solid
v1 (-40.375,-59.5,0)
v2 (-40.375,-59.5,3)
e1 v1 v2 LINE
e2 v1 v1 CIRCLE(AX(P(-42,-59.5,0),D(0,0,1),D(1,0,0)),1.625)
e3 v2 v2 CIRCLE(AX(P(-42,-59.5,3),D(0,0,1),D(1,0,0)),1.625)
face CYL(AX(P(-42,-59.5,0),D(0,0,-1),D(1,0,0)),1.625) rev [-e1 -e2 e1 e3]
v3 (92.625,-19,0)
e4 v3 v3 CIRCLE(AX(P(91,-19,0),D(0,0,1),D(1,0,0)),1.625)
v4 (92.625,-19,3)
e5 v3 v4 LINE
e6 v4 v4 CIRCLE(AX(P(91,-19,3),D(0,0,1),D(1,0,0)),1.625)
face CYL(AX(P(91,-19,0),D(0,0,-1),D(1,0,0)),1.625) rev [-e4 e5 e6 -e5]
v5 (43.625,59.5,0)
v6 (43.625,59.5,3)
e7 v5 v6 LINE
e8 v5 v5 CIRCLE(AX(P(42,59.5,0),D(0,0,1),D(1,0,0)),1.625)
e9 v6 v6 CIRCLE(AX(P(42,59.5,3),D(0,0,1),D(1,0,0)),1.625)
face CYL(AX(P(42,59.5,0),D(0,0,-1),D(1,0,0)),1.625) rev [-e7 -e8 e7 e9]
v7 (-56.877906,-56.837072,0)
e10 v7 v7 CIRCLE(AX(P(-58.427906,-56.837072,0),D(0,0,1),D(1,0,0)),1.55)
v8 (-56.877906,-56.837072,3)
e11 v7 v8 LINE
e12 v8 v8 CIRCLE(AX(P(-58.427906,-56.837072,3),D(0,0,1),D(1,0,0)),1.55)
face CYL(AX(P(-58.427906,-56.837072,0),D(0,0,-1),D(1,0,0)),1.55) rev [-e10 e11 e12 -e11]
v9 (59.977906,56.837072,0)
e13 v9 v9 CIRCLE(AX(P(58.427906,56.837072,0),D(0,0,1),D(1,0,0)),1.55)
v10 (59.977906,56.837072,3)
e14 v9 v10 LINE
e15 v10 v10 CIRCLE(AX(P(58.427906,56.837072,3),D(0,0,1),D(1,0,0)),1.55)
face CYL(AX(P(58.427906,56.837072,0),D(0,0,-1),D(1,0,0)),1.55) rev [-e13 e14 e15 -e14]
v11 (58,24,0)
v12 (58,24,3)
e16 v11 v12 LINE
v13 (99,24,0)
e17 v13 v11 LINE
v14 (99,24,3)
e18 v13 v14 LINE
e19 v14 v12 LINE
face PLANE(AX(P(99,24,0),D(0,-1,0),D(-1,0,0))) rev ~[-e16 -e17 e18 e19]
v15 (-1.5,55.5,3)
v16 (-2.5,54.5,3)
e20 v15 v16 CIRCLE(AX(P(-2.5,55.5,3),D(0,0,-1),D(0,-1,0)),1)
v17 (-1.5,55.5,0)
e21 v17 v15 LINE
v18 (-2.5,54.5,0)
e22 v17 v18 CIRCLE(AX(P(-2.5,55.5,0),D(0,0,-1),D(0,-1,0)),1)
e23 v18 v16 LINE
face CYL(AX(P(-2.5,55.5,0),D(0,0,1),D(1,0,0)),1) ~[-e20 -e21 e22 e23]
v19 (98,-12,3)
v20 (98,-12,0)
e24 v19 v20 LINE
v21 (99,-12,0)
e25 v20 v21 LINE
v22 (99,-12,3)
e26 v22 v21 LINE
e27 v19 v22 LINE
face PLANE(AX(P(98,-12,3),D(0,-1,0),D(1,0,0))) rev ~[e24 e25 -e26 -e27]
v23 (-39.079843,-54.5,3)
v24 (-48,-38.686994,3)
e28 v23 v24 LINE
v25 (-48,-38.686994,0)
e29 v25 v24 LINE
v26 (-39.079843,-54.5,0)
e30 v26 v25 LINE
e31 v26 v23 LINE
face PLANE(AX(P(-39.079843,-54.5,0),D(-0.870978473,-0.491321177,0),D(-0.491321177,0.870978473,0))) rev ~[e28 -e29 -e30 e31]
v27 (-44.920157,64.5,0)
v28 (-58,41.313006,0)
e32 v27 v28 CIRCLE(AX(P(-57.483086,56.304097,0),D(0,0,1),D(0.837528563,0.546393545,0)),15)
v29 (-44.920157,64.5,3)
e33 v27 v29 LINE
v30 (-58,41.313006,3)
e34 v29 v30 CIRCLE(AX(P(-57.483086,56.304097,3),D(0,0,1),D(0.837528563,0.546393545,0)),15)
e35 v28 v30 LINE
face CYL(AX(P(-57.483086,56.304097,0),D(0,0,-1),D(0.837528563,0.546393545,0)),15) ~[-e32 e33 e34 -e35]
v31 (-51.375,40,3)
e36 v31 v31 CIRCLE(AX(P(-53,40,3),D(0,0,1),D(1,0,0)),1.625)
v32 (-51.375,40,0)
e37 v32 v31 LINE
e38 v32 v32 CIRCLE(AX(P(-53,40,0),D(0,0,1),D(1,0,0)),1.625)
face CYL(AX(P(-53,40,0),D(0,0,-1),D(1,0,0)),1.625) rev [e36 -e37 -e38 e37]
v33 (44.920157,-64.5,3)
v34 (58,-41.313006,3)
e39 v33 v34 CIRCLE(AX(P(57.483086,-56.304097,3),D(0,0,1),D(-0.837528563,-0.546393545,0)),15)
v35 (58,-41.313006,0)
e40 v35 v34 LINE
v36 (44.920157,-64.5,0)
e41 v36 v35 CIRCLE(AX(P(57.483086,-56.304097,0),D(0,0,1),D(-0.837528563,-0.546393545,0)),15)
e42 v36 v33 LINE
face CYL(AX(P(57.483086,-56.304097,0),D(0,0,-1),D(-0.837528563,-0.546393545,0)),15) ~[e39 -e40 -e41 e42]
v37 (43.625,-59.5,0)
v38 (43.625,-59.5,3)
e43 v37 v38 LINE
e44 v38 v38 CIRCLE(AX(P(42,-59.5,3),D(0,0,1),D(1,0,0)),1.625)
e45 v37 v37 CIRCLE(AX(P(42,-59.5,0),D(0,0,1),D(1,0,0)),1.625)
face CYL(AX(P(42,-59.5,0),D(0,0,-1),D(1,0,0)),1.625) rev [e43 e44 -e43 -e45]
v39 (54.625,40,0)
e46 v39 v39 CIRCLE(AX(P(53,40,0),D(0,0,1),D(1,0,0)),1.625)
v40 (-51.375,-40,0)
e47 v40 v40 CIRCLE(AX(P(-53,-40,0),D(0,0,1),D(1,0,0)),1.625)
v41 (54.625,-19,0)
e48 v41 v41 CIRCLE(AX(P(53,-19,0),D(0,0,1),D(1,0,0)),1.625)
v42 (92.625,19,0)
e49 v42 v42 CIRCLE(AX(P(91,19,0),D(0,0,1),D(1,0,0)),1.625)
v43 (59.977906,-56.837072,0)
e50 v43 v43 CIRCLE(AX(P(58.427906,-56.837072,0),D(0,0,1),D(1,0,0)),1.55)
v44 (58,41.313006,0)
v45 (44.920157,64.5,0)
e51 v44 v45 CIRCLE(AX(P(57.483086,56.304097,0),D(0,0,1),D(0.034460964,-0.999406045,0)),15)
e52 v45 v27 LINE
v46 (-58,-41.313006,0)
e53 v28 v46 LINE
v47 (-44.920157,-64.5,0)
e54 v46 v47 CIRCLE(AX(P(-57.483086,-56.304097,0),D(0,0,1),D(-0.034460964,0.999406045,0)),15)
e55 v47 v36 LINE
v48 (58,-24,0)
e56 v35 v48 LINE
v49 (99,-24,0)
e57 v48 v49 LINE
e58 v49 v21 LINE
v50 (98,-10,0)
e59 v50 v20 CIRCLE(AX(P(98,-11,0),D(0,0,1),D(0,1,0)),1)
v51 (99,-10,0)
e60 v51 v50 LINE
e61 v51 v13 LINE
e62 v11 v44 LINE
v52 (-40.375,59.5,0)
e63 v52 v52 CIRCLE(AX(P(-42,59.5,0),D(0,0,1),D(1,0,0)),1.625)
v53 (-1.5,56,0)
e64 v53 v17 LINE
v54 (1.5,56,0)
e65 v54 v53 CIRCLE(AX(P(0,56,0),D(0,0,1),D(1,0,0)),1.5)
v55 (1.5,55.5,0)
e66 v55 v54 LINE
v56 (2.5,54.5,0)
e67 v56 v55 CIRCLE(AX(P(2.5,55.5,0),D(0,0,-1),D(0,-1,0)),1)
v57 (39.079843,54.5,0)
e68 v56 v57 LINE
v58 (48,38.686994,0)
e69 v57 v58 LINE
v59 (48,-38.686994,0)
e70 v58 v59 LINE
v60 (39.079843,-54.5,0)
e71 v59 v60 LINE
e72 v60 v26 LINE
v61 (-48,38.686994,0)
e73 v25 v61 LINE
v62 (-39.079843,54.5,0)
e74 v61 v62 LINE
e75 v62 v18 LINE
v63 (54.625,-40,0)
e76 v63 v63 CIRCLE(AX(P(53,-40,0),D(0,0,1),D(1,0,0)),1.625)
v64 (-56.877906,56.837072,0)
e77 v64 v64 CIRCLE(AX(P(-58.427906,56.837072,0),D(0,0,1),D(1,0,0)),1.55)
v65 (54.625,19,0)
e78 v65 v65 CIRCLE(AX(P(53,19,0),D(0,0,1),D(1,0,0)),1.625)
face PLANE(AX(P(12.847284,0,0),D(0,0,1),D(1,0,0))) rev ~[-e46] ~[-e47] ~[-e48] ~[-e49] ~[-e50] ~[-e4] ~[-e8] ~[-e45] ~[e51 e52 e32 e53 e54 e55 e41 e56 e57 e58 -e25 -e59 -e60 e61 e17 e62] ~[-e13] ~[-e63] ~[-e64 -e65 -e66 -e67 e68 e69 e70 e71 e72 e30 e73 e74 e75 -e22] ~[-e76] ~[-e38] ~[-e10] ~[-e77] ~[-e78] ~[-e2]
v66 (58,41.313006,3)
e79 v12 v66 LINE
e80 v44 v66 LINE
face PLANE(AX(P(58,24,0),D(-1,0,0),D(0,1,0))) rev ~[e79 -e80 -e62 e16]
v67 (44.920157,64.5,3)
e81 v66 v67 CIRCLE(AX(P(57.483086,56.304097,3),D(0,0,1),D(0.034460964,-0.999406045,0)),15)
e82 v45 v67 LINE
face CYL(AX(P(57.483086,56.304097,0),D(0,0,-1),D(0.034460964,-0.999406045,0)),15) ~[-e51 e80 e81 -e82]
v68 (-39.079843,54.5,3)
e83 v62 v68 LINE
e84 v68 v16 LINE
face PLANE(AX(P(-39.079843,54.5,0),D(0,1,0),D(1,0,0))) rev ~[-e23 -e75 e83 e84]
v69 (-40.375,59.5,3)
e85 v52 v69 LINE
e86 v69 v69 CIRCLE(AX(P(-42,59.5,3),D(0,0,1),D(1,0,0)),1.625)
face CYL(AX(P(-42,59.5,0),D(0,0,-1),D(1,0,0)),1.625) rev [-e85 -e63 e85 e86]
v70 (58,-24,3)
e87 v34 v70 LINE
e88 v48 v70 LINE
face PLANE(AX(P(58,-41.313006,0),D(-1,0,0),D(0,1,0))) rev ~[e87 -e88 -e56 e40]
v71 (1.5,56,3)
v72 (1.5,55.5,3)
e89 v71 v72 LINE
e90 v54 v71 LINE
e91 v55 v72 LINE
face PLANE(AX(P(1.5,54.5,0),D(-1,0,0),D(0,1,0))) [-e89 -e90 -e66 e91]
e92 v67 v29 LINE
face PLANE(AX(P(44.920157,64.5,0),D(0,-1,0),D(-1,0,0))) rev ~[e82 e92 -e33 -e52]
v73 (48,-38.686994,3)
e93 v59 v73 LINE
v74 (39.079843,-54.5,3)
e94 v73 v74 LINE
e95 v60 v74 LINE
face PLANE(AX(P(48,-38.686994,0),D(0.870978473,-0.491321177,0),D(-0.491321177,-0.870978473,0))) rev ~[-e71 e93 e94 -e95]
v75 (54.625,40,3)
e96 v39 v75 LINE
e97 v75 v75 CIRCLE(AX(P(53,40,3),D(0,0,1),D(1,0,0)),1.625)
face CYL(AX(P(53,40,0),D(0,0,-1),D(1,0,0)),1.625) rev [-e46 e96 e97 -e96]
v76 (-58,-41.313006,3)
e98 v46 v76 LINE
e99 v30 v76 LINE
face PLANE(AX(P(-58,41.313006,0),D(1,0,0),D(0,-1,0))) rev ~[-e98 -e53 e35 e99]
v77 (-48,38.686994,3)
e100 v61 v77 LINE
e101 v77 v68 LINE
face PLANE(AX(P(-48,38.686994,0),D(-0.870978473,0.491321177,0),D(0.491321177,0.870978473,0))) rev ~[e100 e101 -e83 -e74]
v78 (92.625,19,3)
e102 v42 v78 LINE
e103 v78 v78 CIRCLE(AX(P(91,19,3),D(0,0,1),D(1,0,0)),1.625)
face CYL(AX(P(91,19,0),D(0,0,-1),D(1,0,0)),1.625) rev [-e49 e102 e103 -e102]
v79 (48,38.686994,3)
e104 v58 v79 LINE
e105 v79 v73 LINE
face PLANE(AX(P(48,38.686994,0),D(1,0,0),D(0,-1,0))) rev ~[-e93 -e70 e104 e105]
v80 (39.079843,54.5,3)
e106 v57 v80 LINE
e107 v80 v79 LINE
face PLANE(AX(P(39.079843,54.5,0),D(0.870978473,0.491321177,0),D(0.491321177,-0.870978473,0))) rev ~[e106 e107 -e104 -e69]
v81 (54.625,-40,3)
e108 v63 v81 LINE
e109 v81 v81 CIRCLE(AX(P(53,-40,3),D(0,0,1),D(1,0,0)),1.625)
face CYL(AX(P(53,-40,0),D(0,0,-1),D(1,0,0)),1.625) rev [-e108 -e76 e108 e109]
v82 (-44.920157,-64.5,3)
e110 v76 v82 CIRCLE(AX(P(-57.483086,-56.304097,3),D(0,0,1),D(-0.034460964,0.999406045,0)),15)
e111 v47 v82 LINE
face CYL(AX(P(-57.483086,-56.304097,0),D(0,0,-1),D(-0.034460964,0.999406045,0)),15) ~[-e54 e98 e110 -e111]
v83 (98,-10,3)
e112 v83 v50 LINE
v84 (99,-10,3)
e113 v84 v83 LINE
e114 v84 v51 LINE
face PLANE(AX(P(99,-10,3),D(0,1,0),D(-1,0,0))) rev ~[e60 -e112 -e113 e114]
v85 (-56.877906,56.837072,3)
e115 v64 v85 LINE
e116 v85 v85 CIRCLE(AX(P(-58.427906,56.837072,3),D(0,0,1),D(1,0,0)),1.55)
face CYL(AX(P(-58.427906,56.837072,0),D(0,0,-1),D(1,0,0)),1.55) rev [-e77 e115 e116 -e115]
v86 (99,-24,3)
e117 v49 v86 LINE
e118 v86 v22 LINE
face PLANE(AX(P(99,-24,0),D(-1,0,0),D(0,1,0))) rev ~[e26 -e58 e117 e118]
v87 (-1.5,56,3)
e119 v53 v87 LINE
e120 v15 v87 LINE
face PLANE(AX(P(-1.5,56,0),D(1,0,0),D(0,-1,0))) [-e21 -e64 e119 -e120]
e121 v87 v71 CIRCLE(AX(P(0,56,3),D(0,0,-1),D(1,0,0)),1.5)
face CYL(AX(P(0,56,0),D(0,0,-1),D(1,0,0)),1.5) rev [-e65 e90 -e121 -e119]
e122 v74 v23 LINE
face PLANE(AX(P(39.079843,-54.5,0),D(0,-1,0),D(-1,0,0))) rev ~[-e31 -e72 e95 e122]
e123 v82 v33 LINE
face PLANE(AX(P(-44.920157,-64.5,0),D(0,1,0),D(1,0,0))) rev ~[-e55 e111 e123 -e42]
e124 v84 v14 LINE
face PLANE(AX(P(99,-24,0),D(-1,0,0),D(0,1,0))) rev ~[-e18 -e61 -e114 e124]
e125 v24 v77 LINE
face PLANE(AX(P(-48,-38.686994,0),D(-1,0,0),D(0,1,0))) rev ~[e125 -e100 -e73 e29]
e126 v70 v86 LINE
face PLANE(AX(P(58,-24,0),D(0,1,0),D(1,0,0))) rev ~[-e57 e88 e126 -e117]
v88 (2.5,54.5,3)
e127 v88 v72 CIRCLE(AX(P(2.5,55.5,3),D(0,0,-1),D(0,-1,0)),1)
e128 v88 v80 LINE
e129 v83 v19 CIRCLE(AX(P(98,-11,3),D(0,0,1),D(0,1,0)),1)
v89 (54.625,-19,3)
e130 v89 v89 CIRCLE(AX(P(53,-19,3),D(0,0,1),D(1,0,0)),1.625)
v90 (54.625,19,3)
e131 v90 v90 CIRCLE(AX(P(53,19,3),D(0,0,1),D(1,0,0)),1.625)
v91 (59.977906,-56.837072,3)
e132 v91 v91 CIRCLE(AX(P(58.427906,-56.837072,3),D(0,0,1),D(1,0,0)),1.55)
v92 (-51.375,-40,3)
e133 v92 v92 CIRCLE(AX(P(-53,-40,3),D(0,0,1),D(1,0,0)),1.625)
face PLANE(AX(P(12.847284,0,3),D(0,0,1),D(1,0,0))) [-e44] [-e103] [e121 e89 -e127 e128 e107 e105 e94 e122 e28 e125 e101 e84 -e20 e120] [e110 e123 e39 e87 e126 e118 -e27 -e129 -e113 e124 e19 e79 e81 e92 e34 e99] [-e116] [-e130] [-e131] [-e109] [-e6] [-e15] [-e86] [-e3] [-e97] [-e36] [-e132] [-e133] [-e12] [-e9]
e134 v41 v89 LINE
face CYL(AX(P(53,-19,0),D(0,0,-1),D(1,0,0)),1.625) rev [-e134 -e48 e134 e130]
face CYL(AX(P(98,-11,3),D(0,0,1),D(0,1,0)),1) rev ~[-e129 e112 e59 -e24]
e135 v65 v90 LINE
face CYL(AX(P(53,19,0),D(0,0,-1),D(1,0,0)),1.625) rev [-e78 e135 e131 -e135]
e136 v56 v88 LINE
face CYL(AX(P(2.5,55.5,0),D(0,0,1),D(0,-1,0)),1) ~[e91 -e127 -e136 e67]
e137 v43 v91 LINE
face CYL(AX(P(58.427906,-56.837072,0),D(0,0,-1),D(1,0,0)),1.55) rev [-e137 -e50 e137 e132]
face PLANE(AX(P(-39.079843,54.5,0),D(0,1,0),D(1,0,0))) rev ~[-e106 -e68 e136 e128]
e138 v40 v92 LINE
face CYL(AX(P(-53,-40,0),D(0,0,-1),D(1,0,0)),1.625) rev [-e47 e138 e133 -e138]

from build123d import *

# Parameters (mm, degrees)
F0_R     = 1.55
F0_R_2   = 1.625
F1_DEPTH = 3
F2_W     = 28.2
F2_H     = 28.2
F3_DEPTH = 3
F5_DEPTH = 25
F7_DEPTH = 25
F8_R     = 1


with BuildPart() as f1:
    # F0 (on Top) → F1 (new body)
    with BuildSketch(Plane.XY):
        with BuildLine():
            Line((58, 24), (58, 41.313006))
            ThreePointArc((58, 41.313006), (70.547763, 63.673914), (44.920157, 64.5))
            Line((44.920157, 64.5), (0, 64.5))
            Line((0, 64.5), (-44.920157, 64.5))
            ThreePointArc((-44.920157, 64.5), (-70.547763, 63.673914), (-58, 41.313006))
            Line((-58, 41.313006), (-58, 0))
            Line((-58, 0), (-58, -41.313006))
            ThreePointArc((-58, -41.313006), (-70.547763, -63.673914), (-44.920157, -64.5))
            Line((-44.920157, -64.5), (0, -64.5))
            Line((0, -64.5), (44.920157, -64.5))
            ThreePointArc((44.920157, -64.5), (70.547763, -63.673914), (58, -41.313006))
            Line((58, -41.313006), (58, -24))
            Line((58, -24), (99, -24))
            Line((99, -24), (99, 24))
            Line((99, 24), (58, 24))
        make_face()
        with Locations((-58.427906, -56.837072)):
            Circle(F0_R, mode=Mode.SUBTRACT)
        with Locations((-42, -59.5)):
            Circle(F0_R_2, mode=Mode.SUBTRACT)
        with Locations((-53, -40)):
            Circle(F0_R_2, mode=Mode.SUBTRACT)
        with Locations((42, -59.5)):
            Circle(F0_R_2, mode=Mode.SUBTRACT)
        with Locations((53, -40)):
            Circle(F0_R_2, mode=Mode.SUBTRACT)
        with Locations((58.427906, -56.837072)):
            Circle(F0_R, mode=Mode.SUBTRACT)
        with Locations((53, -19)):
            Circle(F0_R_2, mode=Mode.SUBTRACT)
        with Locations((91, -19)):
            Circle(F0_R_2, mode=Mode.SUBTRACT)
        Polygon((39.079843, 54.5), (48, 38.686994), (48, 0), (48, -38.686994), (39.079843, -54.5), (0, -54.5), (-39.079843, -54.5), (-48, -38.686994), (-48, 0), (-48, 38.686994), (-39.079843, 54.5), (0, 54.5), align=None, mode=Mode.SUBTRACT)
        with Locations((-53, 40)):
            Circle(F0_R_2, mode=Mode.SUBTRACT)
        with Locations((-58.427906, 56.837072)):
            Circle(F0_R, mode=Mode.SUBTRACT)
        with Locations((-42, 59.5)):
            Circle(F0_R_2, mode=Mode.SUBTRACT)
        with Locations((53, 19)):
            Circle(F0_R_2, mode=Mode.SUBTRACT)
        Polygon((86, 14), (86, -14), (58, -14), (58, 0), (58, 14), align=None, mode=Mode.SUBTRACT)
        with Locations((91, 19)):
            Circle(F0_R_2, mode=Mode.SUBTRACT)
        with Locations((53, 40)):
            Circle(F0_R_2, mode=Mode.SUBTRACT)
        with Locations((42, 59.5)):
            Circle(F0_R_2, mode=Mode.SUBTRACT)
        with Locations((58.427906, 56.837072)):
            Circle(F0_R, mode=Mode.SUBTRACT)
    extrude(amount=F1_DEPTH)

    # F2 (on Top) → F3 (join)
    with BuildSketch(Plane.XY):
        with Locations((72, 0)):
            Rectangle(F2_W, F2_H)
    extrude(amount=F3_DEPTH)

    # F4 (on face) → F5 (cut)
    with BuildSketch(Plane.XY.offset(3)):
        with BuildLine():
            Line((99, -10), (98, -10))
            ThreePointArc((98, -10), (97, -11), (98, -12))
            Line((98, -12), (99, -12))
            Line((99, -12), (99, -10))
        make_face()
    extrude(amount=-F5_DEPTH, mode=Mode.SUBTRACT)

    # F6 (on Top) → F7 (cut)
    with BuildSketch(Plane.XY):
        with BuildLine():
            Line((1.5, 54.5), (1.5, 56))
            ThreePointArc((1.5, 56), (0, 57.5), (-1.5, 56))
            Line((-1.5, 56), (-1.5, 54.5))
            Line((-1.5, 54.5), (1.5, 54.5))
        make_face()
    extrude(amount=F7_DEPTH, mode=Mode.SUBTRACT)

    # F8
    f8_edges = [f1.edges().sort_by_distance(p)[0] for p in [
        (-1.5, 54.5, 1.5),
        (1.5, 54.5, 1.5),
    ]]
    fillet(f8_edges, radius=F8_R)


solid = f1.part
